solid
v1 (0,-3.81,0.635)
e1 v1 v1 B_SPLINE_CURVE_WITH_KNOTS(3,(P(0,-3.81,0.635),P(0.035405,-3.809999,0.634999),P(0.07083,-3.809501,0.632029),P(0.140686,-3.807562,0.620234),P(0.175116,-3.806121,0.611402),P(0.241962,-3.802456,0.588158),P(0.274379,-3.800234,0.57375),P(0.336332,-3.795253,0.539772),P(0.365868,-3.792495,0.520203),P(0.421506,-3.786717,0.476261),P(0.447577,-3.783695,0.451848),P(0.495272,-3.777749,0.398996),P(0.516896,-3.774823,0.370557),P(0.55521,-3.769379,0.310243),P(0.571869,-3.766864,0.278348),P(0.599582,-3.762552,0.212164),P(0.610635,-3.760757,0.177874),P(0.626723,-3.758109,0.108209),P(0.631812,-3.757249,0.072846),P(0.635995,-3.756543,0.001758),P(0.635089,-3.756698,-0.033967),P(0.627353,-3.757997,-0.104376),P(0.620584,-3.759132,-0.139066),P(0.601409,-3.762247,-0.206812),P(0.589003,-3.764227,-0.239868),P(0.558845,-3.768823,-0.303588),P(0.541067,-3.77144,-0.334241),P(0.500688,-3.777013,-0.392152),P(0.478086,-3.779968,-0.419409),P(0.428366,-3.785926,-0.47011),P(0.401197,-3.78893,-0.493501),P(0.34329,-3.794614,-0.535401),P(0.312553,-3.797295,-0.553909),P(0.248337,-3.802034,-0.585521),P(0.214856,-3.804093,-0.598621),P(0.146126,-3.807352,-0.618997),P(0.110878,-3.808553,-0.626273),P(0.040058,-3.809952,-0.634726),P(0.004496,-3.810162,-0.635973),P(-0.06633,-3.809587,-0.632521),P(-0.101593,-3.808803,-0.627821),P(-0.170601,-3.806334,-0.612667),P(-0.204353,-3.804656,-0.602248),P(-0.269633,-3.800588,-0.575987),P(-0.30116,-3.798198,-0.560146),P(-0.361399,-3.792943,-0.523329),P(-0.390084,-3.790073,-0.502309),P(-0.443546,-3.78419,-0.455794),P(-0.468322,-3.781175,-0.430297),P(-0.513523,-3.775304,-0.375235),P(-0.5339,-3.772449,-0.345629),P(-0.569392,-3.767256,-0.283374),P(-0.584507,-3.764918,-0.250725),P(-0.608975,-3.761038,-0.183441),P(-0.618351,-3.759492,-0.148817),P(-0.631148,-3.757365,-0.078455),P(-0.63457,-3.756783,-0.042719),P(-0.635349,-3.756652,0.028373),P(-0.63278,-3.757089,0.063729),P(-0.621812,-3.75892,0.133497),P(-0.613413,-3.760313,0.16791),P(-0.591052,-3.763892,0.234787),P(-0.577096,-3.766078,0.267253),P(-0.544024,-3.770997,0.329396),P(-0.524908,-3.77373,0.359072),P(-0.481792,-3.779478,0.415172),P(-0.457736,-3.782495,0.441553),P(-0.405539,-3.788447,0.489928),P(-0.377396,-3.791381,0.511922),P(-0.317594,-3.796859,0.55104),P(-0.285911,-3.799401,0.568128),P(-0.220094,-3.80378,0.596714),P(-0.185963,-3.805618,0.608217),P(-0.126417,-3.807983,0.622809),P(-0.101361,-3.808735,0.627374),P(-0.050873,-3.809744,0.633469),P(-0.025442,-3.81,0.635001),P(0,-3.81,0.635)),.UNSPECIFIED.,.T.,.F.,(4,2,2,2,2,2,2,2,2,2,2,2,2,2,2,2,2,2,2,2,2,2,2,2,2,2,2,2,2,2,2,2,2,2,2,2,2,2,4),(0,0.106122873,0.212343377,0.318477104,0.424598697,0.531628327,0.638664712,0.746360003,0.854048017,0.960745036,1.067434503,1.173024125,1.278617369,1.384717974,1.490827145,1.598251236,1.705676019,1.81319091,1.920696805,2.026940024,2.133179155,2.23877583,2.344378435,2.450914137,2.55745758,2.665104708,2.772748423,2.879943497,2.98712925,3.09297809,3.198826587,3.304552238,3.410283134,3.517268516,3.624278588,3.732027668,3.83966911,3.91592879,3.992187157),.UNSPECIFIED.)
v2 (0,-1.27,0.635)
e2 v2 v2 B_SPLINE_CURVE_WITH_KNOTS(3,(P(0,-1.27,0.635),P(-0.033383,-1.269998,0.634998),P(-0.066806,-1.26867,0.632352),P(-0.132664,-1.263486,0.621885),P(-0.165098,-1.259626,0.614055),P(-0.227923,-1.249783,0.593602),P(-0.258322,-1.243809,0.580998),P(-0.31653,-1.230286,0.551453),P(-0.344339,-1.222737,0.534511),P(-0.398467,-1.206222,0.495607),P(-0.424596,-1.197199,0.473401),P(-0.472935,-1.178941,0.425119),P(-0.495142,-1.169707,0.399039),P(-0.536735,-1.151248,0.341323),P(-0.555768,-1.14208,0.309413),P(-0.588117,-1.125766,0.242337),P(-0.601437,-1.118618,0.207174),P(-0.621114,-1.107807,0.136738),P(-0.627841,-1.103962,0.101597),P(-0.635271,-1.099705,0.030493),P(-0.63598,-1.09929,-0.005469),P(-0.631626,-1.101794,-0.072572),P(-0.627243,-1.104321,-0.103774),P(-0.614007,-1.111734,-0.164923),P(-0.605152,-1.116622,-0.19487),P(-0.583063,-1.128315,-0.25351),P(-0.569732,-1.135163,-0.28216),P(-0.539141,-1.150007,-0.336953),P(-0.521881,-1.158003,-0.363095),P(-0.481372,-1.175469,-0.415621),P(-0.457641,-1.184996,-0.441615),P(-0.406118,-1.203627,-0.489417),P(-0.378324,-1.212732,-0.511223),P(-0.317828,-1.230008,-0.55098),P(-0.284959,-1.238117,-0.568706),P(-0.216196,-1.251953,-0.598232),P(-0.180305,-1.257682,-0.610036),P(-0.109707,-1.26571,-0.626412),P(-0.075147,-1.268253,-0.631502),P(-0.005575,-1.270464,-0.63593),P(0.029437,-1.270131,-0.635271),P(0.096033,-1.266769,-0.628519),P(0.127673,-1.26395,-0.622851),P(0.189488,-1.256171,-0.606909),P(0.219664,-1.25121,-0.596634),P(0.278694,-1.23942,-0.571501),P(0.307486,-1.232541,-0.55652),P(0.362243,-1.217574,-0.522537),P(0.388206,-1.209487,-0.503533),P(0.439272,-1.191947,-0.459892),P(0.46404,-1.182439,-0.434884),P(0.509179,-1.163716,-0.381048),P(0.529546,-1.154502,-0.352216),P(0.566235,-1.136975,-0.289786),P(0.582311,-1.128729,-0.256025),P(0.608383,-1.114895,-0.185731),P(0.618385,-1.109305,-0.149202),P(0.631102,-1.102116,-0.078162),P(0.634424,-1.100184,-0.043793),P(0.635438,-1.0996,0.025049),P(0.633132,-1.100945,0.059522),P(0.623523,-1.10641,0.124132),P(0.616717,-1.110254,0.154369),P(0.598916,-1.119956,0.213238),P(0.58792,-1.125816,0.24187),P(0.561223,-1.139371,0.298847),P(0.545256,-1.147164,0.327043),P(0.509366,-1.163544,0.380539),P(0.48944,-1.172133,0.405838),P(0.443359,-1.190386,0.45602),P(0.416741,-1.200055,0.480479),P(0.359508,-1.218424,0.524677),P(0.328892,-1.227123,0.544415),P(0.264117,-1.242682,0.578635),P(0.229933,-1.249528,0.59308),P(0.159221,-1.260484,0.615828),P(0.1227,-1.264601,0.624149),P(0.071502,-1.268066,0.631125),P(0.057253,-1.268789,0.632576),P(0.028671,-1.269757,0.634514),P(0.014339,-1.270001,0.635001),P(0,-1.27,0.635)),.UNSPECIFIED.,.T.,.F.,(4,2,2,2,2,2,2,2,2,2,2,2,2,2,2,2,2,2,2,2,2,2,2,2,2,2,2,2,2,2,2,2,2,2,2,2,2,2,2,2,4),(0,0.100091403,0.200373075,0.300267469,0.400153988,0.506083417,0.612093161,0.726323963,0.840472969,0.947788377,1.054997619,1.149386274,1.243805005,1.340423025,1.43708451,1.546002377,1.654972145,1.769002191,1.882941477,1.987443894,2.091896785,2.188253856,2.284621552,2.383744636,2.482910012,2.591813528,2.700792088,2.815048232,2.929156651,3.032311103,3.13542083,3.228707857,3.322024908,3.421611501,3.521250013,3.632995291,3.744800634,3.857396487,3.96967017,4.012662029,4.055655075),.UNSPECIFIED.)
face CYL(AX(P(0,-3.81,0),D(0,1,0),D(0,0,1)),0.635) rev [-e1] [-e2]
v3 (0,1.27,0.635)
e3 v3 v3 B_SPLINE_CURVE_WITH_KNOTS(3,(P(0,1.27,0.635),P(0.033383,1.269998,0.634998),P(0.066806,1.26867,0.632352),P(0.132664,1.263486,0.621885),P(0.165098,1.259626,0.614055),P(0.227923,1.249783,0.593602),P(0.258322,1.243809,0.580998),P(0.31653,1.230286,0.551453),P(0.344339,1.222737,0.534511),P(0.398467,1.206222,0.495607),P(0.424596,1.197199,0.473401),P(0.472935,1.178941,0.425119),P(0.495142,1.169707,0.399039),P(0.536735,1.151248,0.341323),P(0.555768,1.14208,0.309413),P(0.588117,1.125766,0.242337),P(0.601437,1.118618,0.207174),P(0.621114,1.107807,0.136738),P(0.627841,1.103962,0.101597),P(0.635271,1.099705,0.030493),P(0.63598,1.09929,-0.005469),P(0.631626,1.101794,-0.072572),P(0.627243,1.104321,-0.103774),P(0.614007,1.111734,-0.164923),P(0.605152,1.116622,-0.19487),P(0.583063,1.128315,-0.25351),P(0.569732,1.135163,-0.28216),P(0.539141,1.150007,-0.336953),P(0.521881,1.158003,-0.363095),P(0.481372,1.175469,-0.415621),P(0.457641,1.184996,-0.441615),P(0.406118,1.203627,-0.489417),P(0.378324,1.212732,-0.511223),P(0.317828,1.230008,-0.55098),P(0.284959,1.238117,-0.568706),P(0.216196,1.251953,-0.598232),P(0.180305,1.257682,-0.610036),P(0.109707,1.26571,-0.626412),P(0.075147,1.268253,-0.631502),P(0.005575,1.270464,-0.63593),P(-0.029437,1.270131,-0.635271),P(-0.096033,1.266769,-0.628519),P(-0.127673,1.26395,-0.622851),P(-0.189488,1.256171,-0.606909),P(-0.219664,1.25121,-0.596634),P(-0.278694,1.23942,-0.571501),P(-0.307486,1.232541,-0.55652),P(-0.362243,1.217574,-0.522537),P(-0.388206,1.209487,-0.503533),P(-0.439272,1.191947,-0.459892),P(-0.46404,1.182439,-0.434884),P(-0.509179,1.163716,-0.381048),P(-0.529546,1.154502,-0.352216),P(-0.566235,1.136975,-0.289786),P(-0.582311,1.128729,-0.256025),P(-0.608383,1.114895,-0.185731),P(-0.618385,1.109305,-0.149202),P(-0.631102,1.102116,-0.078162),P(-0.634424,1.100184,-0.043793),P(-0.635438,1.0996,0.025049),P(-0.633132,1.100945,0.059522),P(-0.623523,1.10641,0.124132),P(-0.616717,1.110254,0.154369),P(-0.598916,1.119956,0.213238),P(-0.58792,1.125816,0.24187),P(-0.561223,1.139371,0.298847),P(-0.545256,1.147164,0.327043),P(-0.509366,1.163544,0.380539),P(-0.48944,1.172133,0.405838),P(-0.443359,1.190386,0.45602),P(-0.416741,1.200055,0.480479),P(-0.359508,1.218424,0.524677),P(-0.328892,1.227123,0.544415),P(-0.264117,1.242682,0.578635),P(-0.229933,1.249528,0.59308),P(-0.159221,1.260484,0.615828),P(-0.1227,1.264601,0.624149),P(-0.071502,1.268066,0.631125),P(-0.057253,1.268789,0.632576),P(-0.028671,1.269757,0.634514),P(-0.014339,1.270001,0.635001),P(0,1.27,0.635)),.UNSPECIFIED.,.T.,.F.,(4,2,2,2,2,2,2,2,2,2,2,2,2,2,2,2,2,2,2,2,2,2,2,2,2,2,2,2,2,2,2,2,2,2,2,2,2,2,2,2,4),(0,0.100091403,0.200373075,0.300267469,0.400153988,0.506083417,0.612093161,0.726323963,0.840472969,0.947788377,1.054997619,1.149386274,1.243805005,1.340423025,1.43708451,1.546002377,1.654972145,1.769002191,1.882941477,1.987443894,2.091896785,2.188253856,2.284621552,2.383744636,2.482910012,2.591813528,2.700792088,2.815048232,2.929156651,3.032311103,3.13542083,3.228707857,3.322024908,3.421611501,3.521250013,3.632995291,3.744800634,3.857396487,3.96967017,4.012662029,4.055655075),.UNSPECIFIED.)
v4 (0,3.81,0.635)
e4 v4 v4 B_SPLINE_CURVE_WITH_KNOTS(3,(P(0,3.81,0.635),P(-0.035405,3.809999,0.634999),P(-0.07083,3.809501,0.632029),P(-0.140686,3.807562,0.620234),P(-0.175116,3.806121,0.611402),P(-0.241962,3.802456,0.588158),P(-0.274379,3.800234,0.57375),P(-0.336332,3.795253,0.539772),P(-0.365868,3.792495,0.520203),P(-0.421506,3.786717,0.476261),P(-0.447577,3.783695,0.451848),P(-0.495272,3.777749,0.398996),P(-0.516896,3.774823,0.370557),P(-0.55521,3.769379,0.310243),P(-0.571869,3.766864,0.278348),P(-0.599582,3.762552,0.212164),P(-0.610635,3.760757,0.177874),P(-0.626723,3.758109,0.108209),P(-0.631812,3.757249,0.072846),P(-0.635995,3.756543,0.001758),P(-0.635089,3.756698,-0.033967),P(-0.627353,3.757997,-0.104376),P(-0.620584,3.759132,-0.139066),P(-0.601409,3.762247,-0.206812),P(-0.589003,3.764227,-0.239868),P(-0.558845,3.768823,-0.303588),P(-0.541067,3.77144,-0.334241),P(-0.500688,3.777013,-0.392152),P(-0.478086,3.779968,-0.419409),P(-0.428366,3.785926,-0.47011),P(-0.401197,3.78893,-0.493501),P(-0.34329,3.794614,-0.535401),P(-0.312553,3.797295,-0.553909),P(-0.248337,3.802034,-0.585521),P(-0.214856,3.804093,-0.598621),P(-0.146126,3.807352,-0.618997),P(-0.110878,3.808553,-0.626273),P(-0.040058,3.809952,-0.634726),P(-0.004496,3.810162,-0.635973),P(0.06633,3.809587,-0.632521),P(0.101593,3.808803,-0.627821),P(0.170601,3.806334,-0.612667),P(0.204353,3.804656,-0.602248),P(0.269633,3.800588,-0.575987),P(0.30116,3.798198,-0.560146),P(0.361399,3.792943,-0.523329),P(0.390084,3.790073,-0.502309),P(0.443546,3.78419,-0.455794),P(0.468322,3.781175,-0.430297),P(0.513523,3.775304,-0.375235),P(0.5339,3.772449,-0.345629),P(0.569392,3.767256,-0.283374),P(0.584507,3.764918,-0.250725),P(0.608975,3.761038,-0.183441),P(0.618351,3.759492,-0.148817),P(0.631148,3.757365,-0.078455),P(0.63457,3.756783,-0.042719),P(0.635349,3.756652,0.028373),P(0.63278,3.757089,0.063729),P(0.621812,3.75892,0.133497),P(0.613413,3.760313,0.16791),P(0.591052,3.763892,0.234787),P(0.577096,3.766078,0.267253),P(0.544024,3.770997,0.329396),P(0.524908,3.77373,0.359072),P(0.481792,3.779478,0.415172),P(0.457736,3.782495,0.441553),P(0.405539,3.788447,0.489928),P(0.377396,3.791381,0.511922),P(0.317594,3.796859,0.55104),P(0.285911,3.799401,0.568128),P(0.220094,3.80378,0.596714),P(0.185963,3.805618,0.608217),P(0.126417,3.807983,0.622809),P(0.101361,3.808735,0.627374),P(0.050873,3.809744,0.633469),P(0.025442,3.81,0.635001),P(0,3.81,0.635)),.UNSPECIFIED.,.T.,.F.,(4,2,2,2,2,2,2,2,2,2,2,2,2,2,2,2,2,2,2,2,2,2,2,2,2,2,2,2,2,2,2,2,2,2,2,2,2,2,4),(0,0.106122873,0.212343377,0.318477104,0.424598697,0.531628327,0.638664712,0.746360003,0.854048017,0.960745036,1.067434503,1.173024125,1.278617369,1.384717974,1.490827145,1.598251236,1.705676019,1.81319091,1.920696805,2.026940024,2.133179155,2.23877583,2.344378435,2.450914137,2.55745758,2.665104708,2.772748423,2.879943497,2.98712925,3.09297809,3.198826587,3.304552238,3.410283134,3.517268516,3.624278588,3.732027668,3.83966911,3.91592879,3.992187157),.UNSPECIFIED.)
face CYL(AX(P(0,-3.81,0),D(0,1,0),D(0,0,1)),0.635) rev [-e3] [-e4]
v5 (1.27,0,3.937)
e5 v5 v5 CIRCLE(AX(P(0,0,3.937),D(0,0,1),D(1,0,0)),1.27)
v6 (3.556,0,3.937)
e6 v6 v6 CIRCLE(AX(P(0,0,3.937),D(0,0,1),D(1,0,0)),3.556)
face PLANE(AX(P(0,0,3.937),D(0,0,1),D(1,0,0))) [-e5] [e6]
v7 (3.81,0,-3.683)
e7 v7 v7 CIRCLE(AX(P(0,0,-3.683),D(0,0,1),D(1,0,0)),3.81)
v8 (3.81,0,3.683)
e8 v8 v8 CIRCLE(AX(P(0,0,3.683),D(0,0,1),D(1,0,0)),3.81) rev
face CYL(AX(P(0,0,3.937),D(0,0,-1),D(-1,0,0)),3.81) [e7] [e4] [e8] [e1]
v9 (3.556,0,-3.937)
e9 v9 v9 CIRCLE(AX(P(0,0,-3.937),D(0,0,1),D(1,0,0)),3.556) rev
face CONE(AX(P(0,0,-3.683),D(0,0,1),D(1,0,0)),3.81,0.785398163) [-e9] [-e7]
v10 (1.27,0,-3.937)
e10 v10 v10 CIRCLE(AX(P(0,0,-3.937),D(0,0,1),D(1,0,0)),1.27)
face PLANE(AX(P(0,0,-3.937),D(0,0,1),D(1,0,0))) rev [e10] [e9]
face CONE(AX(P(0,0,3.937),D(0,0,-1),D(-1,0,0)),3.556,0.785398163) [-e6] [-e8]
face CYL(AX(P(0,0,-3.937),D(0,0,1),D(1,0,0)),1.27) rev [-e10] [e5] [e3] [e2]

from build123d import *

# Parameters (mm, degrees)
SKETCH1_R               = 3.81
EXTRUDE1_DEPTH          = 3.937
CHAMFER1_SIZE           = 0.254
CUT_EXTRUDE1_DEPTH      = 7.673242765
CUT_EXTRUDE1_DEPTH_BACK = 7.673242765
SKETCH2_R               = 1.27
CUT_EXTRUDE2_DEPTH      = 7.673242765
CUT_EXTRUDE2_DEPTH_BACK = 7.673242765
SKETCH3_R               = 0.635


with BuildPart() as part:
    # Sketch1 → Extrude1 (new, symmetric)
    with BuildSketch(Plane.XY):
        Circle(SKETCH1_R)
    extrude(amount=EXTRUDE1_DEPTH, both=True)

    # Chamfer1
    chamfer1_edges = [part.edges().sort_by_distance(p)[0] for p in [
        (-3.81, 0, -3.937),
        (-3.81, 0, 3.937),
    ]]
    chamfer(chamfer1_edges, length=CHAMFER1_SIZE)

    # Sketch2 → Cut-Extrude1 (cut, two sides: drawn at the far end of the back side and taken through both)
    with BuildSketch(Plane.XY.offset(-CUT_EXTRUDE1_DEPTH_BACK)):
        Circle(SKETCH2_R)
    extrude(amount=CUT_EXTRUDE1_DEPTH + CUT_EXTRUDE1_DEPTH_BACK, mode=Mode.SUBTRACT)

    # Sketch3 → Cut-Extrude2 (cut, two sides: drawn at the far end of the back side and taken through both)
    with BuildSketch(Plane(origin=(0, 0, 0), x_dir=(1, 0, 0), z_dir=(0, 1, 0)).offset(-CUT_EXTRUDE2_DEPTH_BACK)):
        with Locations(Location((0, 0, 0), (0, 0, 270))):
            Circle(SKETCH3_R)
    extrude(amount=CUT_EXTRUDE2_DEPTH + CUT_EXTRUDE2_DEPTH_BACK, mode=Mode.SUBTRACT)


solid = part.part
